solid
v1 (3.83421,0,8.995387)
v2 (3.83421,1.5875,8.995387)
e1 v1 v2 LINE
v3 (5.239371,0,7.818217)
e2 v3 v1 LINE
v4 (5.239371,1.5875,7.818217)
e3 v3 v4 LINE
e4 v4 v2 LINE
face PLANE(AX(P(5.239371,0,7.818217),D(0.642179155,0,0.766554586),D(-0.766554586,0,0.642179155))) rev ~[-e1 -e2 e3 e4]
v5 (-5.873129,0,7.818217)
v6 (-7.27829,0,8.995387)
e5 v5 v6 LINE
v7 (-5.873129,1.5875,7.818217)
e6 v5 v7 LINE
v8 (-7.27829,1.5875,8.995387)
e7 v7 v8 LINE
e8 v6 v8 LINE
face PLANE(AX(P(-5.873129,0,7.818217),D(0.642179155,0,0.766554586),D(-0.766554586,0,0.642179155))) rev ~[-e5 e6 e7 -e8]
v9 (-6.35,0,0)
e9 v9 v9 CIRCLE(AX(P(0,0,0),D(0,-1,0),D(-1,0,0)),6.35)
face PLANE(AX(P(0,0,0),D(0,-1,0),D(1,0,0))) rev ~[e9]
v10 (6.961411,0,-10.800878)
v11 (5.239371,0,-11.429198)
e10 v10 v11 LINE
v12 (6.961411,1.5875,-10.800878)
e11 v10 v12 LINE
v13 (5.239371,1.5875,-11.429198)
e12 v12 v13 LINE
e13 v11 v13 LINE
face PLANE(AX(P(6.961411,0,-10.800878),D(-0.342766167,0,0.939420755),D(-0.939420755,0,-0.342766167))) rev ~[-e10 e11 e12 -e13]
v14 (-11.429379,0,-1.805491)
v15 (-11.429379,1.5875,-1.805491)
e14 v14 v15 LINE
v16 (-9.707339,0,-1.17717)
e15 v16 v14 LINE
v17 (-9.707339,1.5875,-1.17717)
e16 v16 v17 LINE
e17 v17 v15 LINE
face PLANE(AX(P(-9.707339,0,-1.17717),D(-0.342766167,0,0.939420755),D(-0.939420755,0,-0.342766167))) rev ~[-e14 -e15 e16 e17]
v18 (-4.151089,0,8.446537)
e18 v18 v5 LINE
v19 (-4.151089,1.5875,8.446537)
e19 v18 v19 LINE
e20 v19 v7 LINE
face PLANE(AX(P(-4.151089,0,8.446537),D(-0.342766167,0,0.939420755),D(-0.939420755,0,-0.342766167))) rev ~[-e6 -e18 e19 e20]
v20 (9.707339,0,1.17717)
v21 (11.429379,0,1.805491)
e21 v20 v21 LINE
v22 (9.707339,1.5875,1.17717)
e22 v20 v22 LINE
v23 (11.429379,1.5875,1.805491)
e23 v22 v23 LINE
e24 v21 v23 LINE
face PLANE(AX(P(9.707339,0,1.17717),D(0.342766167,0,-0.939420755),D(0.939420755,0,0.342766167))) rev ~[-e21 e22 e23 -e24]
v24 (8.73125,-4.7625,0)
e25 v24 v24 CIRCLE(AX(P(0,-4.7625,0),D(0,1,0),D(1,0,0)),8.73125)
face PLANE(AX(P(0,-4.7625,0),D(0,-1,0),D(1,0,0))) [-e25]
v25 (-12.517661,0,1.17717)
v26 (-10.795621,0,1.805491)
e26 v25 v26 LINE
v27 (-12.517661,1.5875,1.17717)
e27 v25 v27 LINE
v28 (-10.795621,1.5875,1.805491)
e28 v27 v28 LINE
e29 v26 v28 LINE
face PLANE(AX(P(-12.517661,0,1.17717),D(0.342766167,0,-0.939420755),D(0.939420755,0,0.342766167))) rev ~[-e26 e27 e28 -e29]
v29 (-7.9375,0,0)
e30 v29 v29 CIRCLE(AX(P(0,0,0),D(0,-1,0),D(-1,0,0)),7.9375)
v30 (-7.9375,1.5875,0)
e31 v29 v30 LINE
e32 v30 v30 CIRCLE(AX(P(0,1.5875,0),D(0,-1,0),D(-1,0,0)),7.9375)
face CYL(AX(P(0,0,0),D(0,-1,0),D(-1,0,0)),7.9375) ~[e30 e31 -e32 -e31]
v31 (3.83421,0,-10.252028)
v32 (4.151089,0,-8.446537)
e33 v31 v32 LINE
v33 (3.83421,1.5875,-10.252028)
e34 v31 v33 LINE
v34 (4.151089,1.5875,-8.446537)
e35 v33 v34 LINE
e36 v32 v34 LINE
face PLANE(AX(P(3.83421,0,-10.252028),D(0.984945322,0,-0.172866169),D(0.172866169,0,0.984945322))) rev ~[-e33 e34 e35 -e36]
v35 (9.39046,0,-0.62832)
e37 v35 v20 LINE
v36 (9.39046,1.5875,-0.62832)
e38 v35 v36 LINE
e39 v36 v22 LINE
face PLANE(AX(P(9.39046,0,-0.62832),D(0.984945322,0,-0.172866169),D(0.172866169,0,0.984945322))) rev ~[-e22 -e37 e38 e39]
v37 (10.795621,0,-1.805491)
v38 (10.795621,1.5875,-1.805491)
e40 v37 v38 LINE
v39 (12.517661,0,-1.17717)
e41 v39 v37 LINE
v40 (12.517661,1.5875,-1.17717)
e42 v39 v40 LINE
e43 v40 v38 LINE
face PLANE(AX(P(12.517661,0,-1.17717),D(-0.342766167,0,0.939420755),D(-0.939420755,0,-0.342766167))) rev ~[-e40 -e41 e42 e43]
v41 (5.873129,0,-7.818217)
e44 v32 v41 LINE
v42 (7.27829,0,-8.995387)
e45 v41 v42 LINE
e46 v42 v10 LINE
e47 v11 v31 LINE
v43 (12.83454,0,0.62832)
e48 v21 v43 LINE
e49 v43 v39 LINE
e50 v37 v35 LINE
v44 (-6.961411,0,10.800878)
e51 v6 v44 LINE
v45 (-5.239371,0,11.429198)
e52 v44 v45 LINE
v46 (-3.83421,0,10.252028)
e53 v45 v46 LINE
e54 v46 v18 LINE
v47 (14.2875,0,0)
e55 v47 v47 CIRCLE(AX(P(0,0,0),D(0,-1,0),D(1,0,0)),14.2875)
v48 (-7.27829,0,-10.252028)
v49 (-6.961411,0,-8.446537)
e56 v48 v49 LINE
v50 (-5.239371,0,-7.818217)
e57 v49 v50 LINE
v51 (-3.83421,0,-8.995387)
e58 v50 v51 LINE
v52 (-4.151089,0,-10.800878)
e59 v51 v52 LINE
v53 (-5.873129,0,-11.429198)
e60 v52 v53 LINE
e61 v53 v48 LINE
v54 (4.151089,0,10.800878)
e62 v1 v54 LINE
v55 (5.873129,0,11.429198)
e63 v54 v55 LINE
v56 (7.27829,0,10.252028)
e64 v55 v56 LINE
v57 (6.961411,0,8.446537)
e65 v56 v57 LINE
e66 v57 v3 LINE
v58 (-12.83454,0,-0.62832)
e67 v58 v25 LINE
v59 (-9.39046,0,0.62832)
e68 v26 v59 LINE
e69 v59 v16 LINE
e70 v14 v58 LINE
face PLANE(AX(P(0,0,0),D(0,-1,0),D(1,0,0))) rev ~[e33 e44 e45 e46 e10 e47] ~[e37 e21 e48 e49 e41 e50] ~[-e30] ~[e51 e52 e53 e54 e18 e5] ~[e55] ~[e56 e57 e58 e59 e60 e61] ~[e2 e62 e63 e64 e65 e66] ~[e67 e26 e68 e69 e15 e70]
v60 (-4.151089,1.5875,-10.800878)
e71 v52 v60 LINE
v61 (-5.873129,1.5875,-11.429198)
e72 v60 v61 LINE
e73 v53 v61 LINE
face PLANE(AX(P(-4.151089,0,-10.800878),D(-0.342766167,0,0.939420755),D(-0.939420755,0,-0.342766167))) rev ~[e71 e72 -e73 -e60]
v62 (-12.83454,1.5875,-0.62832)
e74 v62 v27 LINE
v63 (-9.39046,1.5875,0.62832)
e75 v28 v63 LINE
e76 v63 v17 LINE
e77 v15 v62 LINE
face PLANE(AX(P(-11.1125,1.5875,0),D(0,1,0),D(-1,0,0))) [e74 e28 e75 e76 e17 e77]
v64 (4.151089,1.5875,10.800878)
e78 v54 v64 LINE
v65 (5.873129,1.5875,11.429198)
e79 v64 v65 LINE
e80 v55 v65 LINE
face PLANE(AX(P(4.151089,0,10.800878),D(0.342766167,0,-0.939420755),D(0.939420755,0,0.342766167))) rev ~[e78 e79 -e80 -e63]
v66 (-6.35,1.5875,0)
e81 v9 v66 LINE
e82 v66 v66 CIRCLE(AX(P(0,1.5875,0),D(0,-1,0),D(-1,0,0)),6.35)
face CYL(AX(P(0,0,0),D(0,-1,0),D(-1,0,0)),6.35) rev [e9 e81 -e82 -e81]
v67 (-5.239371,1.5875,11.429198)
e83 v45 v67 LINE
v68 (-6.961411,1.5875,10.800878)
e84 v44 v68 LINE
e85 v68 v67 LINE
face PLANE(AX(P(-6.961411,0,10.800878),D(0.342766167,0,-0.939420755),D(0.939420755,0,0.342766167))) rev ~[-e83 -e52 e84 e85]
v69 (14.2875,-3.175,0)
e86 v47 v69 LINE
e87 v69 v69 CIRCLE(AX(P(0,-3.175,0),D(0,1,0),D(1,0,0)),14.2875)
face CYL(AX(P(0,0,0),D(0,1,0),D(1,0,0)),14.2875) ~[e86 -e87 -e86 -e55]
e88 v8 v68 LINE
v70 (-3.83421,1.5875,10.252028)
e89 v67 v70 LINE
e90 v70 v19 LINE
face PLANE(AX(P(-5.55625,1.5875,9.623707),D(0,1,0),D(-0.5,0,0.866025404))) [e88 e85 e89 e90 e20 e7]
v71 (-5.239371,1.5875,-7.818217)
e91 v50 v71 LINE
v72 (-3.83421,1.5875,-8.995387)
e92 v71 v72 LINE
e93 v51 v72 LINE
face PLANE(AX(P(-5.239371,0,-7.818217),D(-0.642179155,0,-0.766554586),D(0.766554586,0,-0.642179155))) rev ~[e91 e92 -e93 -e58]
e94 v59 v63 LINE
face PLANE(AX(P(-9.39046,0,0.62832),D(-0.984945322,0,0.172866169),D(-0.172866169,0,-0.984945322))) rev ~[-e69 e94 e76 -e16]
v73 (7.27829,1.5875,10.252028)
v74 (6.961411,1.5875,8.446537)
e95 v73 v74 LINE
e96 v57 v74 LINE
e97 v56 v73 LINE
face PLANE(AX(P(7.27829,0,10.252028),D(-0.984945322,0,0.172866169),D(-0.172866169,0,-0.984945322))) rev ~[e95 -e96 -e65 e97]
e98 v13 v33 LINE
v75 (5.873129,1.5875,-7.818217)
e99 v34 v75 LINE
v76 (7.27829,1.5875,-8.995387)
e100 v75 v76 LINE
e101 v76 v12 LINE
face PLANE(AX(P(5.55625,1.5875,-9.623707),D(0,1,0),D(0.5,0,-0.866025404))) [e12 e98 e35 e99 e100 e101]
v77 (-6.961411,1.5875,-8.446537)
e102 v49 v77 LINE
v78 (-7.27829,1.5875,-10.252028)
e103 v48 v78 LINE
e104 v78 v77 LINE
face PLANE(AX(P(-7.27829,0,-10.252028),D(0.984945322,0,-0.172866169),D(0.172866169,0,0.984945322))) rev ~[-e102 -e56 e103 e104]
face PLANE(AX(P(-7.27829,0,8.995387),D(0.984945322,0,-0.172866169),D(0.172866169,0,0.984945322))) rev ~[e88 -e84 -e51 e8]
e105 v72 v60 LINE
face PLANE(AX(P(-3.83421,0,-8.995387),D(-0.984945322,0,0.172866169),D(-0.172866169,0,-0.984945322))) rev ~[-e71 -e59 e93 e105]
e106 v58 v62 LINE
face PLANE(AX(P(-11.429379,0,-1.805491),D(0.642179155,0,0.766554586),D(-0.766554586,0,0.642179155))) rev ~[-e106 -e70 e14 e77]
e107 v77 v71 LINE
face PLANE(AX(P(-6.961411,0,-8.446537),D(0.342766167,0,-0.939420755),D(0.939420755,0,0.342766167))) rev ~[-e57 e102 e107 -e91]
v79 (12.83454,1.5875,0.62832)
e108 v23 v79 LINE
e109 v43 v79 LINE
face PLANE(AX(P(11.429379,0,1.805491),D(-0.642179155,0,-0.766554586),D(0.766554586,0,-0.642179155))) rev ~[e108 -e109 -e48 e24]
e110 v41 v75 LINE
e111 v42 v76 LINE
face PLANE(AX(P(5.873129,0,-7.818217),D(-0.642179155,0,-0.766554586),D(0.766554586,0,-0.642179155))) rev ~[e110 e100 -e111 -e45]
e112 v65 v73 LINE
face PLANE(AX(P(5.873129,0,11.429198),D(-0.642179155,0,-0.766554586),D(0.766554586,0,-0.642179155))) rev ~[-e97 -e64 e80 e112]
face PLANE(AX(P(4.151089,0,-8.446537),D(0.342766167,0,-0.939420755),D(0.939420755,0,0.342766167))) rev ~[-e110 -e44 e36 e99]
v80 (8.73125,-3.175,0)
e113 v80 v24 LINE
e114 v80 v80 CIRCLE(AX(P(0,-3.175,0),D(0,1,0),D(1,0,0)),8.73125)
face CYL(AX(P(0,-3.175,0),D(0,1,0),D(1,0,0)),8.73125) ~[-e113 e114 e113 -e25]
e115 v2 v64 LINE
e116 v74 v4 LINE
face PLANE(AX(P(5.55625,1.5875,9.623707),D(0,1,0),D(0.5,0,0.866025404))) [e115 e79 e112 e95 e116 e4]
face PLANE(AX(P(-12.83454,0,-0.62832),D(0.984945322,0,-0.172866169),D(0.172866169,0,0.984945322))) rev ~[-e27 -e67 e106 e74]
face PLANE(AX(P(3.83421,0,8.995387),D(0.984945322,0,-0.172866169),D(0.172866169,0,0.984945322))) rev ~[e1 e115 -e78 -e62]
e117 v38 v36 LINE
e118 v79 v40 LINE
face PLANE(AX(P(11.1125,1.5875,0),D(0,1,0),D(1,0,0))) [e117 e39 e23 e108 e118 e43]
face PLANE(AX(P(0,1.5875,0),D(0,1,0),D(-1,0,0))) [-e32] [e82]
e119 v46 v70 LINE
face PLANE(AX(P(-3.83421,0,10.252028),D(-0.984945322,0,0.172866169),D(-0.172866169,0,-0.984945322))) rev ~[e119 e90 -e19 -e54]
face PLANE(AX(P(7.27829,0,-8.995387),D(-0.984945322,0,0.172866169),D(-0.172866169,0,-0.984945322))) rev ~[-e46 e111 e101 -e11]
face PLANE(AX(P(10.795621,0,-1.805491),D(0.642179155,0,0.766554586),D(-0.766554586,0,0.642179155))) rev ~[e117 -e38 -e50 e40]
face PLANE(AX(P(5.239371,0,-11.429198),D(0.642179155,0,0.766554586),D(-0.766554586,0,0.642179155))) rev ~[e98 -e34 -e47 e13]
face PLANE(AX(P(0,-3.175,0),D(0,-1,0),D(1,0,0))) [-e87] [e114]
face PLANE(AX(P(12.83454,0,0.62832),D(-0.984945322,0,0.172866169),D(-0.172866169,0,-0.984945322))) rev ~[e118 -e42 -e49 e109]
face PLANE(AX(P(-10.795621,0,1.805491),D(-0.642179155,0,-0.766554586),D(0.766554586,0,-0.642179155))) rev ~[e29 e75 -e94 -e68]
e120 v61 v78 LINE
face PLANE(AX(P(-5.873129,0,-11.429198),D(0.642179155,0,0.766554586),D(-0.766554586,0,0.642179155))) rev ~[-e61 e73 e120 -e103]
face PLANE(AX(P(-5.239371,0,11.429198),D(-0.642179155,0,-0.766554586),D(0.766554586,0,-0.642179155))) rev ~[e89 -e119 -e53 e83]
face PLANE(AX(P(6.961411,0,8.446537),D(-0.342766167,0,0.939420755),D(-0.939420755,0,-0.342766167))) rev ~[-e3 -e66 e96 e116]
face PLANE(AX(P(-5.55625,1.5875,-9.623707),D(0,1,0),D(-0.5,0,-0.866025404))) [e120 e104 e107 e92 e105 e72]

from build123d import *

# Parameters (mm, degrees)
F0_R     = 14.2875
F1_DEPTH = 3.175
F2_R     = 8.73125
F3_DEPTH = 1.5875
F5_DEPTH = 1.5875
F6_R     = 7.9375
F6_R_2   = 6.35
F7_DEPTH = 1.5875
F8_COUNT = 6


with BuildPart() as f1:
    # F0 (on Front) → F1 (new body)
    with BuildSketch(Plane.XZ):
        Circle(F0_R)
    extrude(amount=F1_DEPTH)

    # F2 (on face) → F3 (join)
    with BuildSketch(Plane.XZ.offset(3.175)):
        Circle(F2_R)
    extrude(amount=F3_DEPTH)

    # F4 (on face) → F5 (join)
    with BuildSketch(Plane(origin=(0, 0, 0), x_dir=(-1, 0, 0), z_dir=(0, 1, 0))):
        Polygon((11.4293787458, -1.8054905687), (12.8345400717, -0.6283202405), (12.5176613259, 1.1771703282), (10.7956212542, 1.8054905687), (9.3904599283, 0.6283202405), (9.7073386741, -1.1771703282), align=None)
    extrude(amount=F5_DEPTH)

    # F6 (on face) → F7 (join)
    with BuildSketch(Plane(origin=(0, 0, 0), x_dir=(-1, 0, 0), z_dir=(0, 1, 0))):
        Circle(F6_R)
        Circle(F6_R_2, mode=Mode.SUBTRACT)
    extrude(amount=F7_DEPTH)

    # F8: F1 ×6 about axis
    f8_axis = Axis((0, 1.5875, 0), (0, 1, 0))


with BuildPart() as f1_1:
    add(f1.part)
    for i in range(1, F8_COUNT):
        add(f1.part.rotate(f8_axis, i * 360 / F8_COUNT))


solid = f1_1.part
